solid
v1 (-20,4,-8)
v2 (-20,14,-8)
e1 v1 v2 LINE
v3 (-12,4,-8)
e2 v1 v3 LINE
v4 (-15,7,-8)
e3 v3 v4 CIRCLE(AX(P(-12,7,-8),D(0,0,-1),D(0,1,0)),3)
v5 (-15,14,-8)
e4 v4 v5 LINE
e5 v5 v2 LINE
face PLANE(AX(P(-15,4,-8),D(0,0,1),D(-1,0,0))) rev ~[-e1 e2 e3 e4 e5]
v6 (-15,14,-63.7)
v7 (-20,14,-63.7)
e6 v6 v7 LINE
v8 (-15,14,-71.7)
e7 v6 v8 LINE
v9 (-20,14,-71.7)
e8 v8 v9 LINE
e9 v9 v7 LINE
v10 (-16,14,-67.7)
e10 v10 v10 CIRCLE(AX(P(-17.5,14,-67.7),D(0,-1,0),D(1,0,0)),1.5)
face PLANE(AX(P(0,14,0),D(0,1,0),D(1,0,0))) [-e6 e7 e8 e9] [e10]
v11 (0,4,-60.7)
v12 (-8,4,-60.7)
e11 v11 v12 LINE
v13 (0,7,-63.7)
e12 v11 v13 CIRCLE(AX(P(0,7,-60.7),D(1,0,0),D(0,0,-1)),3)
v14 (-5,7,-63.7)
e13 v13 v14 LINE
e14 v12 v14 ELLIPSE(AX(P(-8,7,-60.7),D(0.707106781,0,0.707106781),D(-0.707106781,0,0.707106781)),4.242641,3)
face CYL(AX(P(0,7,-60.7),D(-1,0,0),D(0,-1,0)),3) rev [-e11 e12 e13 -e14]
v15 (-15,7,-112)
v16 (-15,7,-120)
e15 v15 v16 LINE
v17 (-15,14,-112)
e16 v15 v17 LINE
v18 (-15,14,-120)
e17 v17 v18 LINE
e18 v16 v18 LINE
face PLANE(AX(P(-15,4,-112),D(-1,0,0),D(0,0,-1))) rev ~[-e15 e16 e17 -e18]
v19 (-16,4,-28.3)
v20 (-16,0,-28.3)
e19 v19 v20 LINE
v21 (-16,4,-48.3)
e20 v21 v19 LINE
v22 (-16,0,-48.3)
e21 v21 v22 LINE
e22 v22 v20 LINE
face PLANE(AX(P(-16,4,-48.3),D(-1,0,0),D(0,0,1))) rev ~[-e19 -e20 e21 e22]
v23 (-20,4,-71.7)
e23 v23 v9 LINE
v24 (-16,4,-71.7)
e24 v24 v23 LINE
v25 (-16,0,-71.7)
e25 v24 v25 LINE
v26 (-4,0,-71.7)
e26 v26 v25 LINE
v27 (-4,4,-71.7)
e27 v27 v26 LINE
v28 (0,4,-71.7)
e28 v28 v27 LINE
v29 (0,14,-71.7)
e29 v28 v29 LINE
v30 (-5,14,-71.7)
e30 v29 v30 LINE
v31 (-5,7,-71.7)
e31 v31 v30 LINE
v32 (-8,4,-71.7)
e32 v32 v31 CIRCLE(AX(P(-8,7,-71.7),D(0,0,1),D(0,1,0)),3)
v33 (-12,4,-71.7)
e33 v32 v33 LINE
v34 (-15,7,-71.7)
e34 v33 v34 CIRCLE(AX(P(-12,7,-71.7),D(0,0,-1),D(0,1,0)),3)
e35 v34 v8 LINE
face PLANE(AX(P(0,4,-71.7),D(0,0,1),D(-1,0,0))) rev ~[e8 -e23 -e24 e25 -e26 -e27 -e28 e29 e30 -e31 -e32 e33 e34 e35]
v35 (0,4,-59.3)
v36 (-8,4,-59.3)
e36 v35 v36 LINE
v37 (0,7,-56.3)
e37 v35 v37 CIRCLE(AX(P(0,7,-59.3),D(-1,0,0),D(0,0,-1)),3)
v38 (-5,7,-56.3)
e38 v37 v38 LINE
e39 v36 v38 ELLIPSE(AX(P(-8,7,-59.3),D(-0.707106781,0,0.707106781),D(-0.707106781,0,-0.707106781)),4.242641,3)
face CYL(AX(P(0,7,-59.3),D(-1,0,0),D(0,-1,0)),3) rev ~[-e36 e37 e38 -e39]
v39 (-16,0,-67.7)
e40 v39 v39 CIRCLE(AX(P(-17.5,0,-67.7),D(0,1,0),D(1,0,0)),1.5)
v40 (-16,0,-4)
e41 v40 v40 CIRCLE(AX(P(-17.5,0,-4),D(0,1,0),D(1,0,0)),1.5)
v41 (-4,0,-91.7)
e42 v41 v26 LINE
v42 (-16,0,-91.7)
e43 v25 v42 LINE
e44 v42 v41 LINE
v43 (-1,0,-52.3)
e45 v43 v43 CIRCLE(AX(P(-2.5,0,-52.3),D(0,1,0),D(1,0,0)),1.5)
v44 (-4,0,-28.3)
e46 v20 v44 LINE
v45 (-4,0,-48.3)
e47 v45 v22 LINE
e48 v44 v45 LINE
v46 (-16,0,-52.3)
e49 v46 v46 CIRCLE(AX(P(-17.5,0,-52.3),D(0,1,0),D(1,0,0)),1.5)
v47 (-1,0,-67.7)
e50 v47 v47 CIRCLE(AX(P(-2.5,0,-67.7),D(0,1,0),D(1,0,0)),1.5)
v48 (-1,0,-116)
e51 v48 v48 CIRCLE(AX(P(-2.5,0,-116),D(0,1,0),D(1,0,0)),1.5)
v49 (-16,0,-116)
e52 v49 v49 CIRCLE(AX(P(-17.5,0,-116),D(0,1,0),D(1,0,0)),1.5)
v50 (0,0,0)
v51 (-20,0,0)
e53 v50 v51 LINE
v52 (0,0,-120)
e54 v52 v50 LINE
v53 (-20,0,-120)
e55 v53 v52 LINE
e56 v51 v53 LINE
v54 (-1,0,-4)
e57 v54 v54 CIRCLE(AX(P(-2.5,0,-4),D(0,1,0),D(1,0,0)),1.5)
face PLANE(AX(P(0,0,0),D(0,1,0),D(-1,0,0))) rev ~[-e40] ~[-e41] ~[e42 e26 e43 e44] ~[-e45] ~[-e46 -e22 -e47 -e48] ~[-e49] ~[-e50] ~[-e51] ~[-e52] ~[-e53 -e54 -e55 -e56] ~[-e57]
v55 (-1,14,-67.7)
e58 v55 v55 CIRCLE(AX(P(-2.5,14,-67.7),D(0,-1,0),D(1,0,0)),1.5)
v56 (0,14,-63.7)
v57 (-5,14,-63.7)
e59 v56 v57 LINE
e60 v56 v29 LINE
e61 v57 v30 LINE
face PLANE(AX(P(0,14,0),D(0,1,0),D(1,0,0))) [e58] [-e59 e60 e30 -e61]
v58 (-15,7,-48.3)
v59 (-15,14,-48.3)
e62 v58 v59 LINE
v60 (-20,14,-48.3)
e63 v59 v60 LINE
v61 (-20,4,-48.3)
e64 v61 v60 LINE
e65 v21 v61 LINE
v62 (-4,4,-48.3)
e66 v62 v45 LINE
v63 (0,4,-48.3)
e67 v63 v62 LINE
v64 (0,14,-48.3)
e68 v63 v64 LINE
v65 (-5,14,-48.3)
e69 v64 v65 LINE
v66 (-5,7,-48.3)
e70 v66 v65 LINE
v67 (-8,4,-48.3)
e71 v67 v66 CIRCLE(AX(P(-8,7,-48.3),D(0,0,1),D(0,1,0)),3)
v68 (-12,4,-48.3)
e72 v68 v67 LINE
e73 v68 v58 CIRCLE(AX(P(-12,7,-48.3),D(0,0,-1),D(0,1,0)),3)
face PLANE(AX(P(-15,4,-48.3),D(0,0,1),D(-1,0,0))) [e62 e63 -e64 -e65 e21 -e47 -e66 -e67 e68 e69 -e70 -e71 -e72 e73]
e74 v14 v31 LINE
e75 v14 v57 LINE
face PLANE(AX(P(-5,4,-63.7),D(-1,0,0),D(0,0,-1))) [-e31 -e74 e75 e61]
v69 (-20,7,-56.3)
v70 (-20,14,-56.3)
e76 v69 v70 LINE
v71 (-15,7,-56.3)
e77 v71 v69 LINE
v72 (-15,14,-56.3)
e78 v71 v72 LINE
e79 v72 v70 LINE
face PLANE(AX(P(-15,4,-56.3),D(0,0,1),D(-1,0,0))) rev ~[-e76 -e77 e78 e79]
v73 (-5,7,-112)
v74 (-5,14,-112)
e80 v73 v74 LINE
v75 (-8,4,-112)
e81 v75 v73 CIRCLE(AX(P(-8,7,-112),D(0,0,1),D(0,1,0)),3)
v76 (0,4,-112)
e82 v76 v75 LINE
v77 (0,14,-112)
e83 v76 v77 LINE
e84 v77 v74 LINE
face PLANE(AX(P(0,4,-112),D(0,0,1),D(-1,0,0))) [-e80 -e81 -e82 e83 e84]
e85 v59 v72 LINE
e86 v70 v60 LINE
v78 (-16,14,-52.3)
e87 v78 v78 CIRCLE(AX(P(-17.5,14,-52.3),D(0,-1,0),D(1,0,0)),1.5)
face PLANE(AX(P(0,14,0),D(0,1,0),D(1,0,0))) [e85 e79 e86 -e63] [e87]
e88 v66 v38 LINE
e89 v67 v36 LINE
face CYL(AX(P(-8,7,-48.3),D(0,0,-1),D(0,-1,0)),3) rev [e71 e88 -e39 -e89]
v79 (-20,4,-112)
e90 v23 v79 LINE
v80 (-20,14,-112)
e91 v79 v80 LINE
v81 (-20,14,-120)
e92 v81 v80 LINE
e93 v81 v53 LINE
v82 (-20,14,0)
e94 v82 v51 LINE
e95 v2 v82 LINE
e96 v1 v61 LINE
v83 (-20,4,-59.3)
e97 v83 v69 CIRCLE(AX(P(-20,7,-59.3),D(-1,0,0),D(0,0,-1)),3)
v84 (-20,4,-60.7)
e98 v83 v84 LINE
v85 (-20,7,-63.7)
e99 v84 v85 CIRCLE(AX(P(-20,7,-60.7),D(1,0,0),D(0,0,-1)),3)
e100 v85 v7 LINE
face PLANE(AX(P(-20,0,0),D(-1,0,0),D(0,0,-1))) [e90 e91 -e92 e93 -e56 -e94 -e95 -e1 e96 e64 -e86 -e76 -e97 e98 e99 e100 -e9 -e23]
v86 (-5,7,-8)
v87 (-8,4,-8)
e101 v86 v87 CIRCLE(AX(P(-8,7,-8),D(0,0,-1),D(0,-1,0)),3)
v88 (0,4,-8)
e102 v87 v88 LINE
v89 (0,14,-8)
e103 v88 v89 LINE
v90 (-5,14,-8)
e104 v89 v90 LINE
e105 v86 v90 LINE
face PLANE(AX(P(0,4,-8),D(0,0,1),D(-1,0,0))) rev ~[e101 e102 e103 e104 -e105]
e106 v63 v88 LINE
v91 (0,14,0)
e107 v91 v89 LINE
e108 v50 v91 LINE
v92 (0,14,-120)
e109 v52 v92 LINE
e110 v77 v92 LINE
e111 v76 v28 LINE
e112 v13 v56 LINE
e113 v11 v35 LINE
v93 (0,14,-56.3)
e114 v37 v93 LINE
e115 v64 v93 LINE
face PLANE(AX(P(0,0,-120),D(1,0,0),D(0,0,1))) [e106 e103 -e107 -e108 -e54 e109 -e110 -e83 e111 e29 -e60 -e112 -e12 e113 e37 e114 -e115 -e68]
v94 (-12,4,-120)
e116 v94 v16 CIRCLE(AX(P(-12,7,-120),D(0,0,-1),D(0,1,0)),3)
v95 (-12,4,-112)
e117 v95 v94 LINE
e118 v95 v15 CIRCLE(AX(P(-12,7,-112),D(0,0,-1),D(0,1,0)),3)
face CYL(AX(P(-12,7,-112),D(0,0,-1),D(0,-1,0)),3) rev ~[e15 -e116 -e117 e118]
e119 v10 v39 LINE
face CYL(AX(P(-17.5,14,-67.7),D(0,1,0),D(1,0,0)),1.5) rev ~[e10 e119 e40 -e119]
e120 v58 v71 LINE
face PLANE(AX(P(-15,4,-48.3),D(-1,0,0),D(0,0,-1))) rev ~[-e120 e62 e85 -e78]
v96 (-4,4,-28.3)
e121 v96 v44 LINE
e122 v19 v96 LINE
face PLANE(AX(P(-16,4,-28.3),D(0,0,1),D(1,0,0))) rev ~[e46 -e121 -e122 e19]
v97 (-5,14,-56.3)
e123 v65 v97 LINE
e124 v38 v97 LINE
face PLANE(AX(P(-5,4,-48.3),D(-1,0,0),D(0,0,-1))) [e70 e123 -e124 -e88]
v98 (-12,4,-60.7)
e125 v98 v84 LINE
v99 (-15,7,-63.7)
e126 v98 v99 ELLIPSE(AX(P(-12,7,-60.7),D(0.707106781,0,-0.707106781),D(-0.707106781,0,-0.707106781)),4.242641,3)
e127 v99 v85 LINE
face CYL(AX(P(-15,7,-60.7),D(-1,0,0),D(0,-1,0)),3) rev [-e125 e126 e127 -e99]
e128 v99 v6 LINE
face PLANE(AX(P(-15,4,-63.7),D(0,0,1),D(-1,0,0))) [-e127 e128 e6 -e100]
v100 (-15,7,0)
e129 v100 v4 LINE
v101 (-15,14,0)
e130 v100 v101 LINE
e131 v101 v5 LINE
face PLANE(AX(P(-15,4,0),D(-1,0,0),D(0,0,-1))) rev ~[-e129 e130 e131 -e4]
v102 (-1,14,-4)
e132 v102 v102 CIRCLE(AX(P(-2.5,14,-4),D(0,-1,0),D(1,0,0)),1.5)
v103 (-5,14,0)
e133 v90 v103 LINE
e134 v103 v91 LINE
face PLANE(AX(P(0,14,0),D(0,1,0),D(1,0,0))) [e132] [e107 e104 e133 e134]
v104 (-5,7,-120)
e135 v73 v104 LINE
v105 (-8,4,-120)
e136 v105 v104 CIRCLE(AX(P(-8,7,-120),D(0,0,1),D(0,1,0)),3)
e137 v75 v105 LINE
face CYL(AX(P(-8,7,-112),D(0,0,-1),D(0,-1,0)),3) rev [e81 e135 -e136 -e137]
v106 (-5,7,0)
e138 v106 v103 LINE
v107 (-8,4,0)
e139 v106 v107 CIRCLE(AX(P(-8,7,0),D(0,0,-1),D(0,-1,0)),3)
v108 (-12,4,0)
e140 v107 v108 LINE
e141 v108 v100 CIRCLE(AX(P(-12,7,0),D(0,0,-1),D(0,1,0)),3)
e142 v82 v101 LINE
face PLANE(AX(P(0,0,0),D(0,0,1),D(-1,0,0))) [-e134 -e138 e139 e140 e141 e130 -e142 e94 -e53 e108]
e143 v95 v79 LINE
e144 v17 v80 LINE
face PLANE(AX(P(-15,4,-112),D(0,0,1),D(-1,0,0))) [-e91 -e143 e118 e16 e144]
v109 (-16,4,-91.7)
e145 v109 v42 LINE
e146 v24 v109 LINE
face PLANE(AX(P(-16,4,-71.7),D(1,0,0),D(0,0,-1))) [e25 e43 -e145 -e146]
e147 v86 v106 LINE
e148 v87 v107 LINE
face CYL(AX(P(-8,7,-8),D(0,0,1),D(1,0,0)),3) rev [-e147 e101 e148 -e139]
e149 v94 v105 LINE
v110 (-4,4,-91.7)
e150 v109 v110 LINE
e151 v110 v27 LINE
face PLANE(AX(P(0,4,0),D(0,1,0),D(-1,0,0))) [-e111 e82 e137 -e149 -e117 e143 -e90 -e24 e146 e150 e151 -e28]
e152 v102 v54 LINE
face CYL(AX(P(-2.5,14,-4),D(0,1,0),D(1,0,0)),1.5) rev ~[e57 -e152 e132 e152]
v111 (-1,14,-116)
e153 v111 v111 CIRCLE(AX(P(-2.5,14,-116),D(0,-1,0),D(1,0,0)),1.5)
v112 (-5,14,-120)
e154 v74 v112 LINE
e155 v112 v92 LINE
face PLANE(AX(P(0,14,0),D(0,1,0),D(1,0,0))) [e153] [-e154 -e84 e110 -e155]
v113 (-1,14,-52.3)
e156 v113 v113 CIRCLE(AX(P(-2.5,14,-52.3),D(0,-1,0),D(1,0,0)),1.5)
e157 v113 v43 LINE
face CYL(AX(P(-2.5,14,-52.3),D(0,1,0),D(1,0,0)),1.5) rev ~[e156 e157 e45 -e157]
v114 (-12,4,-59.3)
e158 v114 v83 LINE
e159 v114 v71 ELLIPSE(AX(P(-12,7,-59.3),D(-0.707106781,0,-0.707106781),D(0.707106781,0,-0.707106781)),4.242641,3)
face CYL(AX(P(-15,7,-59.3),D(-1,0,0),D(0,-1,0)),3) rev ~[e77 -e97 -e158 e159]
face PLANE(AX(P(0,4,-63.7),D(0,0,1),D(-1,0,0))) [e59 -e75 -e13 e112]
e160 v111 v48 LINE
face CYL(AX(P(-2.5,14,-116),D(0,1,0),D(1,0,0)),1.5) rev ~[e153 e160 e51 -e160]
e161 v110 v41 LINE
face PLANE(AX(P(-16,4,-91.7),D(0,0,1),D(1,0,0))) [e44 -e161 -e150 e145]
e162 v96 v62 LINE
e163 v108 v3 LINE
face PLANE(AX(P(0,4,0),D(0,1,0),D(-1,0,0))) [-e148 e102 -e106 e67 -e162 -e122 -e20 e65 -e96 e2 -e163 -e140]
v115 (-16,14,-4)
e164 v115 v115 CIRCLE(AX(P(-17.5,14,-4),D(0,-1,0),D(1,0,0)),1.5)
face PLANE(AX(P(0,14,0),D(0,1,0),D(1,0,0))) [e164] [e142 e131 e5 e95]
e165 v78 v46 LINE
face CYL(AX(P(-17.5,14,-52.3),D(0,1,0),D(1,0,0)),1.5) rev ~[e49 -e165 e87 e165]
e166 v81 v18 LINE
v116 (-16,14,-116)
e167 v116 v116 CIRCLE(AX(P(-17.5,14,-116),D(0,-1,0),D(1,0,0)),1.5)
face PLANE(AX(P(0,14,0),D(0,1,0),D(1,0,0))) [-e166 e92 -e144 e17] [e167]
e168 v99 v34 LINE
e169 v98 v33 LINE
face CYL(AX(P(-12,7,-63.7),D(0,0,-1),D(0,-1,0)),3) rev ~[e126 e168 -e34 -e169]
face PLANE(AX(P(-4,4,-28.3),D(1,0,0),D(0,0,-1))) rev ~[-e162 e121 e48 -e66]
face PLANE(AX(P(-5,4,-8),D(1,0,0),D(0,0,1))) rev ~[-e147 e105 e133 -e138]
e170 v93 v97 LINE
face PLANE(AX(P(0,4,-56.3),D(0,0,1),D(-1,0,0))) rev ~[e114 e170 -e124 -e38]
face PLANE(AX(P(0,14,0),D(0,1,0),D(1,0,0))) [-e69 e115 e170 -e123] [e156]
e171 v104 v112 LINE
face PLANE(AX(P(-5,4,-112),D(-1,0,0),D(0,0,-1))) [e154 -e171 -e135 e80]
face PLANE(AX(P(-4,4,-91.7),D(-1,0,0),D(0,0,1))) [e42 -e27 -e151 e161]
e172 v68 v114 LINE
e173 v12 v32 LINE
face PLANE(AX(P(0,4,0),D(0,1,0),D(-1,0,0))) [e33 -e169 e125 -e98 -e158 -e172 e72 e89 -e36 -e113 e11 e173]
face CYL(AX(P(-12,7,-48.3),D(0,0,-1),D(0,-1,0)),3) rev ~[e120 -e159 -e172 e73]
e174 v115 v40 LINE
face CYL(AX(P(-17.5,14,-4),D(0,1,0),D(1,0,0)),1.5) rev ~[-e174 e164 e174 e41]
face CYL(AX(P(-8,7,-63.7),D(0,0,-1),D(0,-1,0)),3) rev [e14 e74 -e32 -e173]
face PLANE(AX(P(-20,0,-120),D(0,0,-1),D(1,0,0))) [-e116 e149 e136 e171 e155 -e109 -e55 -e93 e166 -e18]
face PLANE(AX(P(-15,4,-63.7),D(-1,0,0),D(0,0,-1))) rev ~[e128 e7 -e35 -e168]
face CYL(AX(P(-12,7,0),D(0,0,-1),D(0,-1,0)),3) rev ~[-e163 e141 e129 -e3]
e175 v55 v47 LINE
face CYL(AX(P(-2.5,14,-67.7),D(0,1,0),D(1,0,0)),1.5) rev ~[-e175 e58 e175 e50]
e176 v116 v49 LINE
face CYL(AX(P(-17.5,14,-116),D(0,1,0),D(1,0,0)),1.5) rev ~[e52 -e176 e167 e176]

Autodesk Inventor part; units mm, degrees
ref_plane "YZ Plane" through (0, 0, 0) normal (1, 0, 0) x (0, 1, 0)
ref_plane "XZ Plane" through (0, 0, 0) normal (0, 1, 0) x (-1, 0, 0)
ref_plane "XY Plane" through (0, 0, 0) normal (0, 0, 1) x (1, 0, 0)
sketch "Sketch1" plane through (0, 0, 0) normal (0, 1, 0) x (-1, 0, 0)
  line L0 (0, 0) -> (20, 0)
  line L1 (20, 0) -> (20, -120)
  line L2 (20, -120) -> (0, -120)
  line L3 (0, -120) -> (0, 0)
  dimension "d0" = 20
  dimension "d1" = 120
extrude "Extrusion1" add sketch "Sketch1" along normal blind 4
sketch "Sketch2" plane through (0, 4, 0) normal (0, 1, 0) x (1, 0, 0)
  line L0 (-20, 0) -> (0, 0) projected
  line L1 (0, 0) -> (0, 120) projected
  line L2 (-20, 0) -> (0, 0)
  line L3 (0, 0) -> (0, 8)
  line L4 (0, 8) -> (-20, 8)
  line L5 (-20, 8) -> (-20, 0)
  line L6 (-20, 8) -> (0, 8)
  line L7 (0, 8) -> (0, 48.3)
  line L8 (0, 48.3) -> (-20, 48.3)
  line L9 (-20, 48.3) -> (-20, 8)
  line L10 (-20, 48.3) -> (0, 48.3)
  line L11 (0, 48.3) -> (0, 56.3)
  line L12 (0, 56.3) -> (-20, 56.3)
  line L13 (-20, 56.3) -> (-20, 48.3)
  line L14 (-20, 120) -> (-20, 0) projected
  line L15 (-20, 120) -> (0, 120)
  line L16 (0, 120) -> (0, 112)
  line L17 (0, 112) -> (-20, 112)
  line L18 (-20, 112) -> (-20, 120)
  line L19 (-20, 112) -> (0, 112)
  line L20 (0, 112) -> (0, 71.7)
  line L21 (0, 71.7) -> (-20, 71.7)
  line L22 (-20, 71.7) -> (-20, 112)
  line L23 (-20, 71.7) -> (0, 71.7)
  line L24 (0, 71.7) -> (0, 63.7)
  line L25 (0, 63.7) -> (-20, 63.7)
  line L26 (-20, 63.7) -> (-20, 71.7)
  line L27 (-20, 0) -> (-15, 0)
  line L28 (-15, 0) -> (-15, 8)
  line L29 (-15, 8) -> (-20, 8)
  line L30 (-20, 8) -> (-20, 0)
  line L31 (0, 8) -> (-5, 8)
  line L32 (-5, 8) -> (-5, 0)
  line L33 (-5, 0) -> (0, 0)
  line L34 (0, 0) -> (0, 8)
  line L35 (-20, 48.3) -> (-15, 48.3)
  line L36 (-15, 48.3) -> (-15, 56.3)
  line L37 (-15, 56.3) -> (-20, 56.3)
  line L38 (-20, 56.3) -> (-20, 48.3)
  line L39 (0, 48.3) -> (-5, 48.3)
  line L40 (-5, 48.3) -> (-5, 56.3)
  line L41 (-5, 56.3) -> (0, 56.3)
  line L42 (0, 56.3) -> (0, 48.3)
  line L43 (-20, 63.7) -> (-15, 63.7)
  line L44 (-15, 63.7) -> (-15, 71.7)
  line L45 (-15, 71.7) -> (-20, 71.7)
  line L46 (-20, 71.7) -> (-20, 63.7)
  line L47 (0, 63.7) -> (-5, 63.7)
  line L48 (-5, 63.7) -> (-5, 71.7)
  line L49 (-5, 71.7) -> (0, 71.7)
  line L50 (0, 71.7) -> (0, 63.7)
  line L51 (-20, 112) -> (-15, 112)
  line L52 (-15, 112) -> (-15, 120)
  line L53 (-15, 120) -> (-20, 120)
  line L54 (-20, 120) -> (-20, 112)
  line L55 (0, 112) -> (-5, 112)
  line L56 (-5, 112) -> (-5, 120)
  line L57 (-5, 120) -> (0, 120)
  line L58 (0, 120) -> (0, 112)
  dimension "d4" = 8
  dimension "d5" = 40.3
  dimension "d6" = 8
  dimension "d7" = 20
  dimension "d8" = 8
  dimension "d9" = 40.3
  dimension "d10" = 8
  dimension "d11" = 5
  dimension "d12" = 5
  dimension "d13" = 8
  dimension "d14" = 5
  dimension "d15" = 5
  dimension "d16" = 5
  dimension "d17" = 5
  dimension "d18" = 5
  dimension "d19" = 5
extrude "Extrusion2" add sketch "Sketch2" along normal blind 10 contours L5 L4 L28 L0 | L32 L4 L1 L0 | L13 L12 L36 L8 | L40 L12 L1 L8 | L14 L21 L44 L25 | L14 L15 L52 L17 | L48 L21 L1 L25 | L56 L15 L1 L17
sketch "Sketch3" plane through (0, 14, 0) normal (0, 1, 0) x (1, 0, 0)
  line L0 (-20, 120) -> (-20, 0) projected
  line L1 (-20, 0) -> (-17.5, 0)
  line L2 (-17.5, 0) -> (-17.5, 4)
  line L3 (-17.5, 4) -> (-20, 4)
  line L4 (-20, 4) -> (-20, 0)
  line L5 (0, 0) -> (0, 120) projected
  line L6 (0, 0) -> (-2.5, 0)
  line L7 (-2.5, 0) -> (-2.5, 4)
  line L8 (-2.5, 4) -> (0, 4)
  line L9 (0, 4) -> (0, 0)
  line L10 (-15, 56.3) -> (-20, 56.3) projected
  line L11 (-20, 56.3) -> (-17.5, 56.3)
  line L12 (-17.5, 56.3) -> (-17.5, 52.3)
  line L13 (-17.5, 52.3) -> (-20, 52.3)
  line L14 (-20, 52.3) -> (-20, 56.3)
  line L15 (-5, 56.3) -> (0, 56.3) projected
  line L16 (-5, 56.3) -> (-2.5, 56.3)
  line L17 (-2.5, 56.3) -> (-2.5, 52.3)
  line L18 (-2.5, 52.3) -> (-5, 52.3)
  line L19 (-5, 52.3) -> (-5, 56.3)
  line L20 (-20, 120) -> (-17.5, 120)
  line L21 (-17.5, 120) -> (-17.5, 116)
  line L22 (-17.5, 116) -> (-20, 116)
  line L23 (-20, 116) -> (-20, 120)
  line L24 (-5, 120) -> (-2.5, 120)
  line L25 (-2.5, 120) -> (-2.5, 116)
  line L26 (-2.5, 116) -> (-5, 116)
  line L27 (-5, 116) -> (-5, 120)
  line L28 (-20, 71.7) -> (-15, 71.7) projected
  line L29 (-15, 71.7) -> (-17.5, 71.7)
  line L30 (-17.5, 71.7) -> (-17.5, 67.7)
  line L31 (-17.5, 67.7) -> (-15, 67.7)
  line L32 (-15, 67.7) -> (-15, 71.7)
  line L33 (-5, 71.7) -> (-2.5, 71.7)
  line L34 (-2.5, 71.7) -> (-2.5, 67.7)
  line L35 (-2.5, 67.7) -> (-5, 67.7)
  line L36 (-5, 67.7) -> (-5, 71.7)
  circle A0 centre (-17.5, 67.7) radius 1.5
  circle A1 centre (-2.5, 67.7) radius 1.5
  circle A2 centre (-17.5, 116) radius 1.5
  circle A3 centre (-2.5, 116) radius 1.5
  circle A4 centre (-17.5, 52.3) radius 1.5
  circle A5 centre (-2.5, 52.3) radius 1.5
  circle A6 centre (-17.5, 4) radius 1.5
  circle A7 centre (-2.5, 4) radius 1.5
  dimension "d22" = 2.5
  dimension "d23" = 4
  dimension "d24" = 2.5
  dimension "d25" = 4
  dimension "d26" = 2.5
  dimension "d27" = 4
  dimension "d28" = 2.5
  dimension "d29" = 4
  dimension "d30" = 2.5
  dimension "d31" = 4
  dimension "d32" = 2.5
  dimension "d33" = 4
  dimension "d34" = 2.5
  dimension "d35" = 4
  dimension "d36" = 2.5
  dimension "d37" = 4
  dimension "d38" = 3
  dimension "d39" = 3
  dimension "d40" = 3
  dimension "d41" = 3
  dimension "d42" = 3
  dimension "d43" = 3
  dimension "d44" = 3
  dimension "d45" = 3
extrude "Extrusion3" cut sketch "Sketch3" against normal up to surface (14 mm away) contours A2 L21 L22 | L22 L21 A2 | A0 L31 L30 | L30 L31 A0 | A4 L12 L13 | L13 L12 A4 | A6 L2 L3 | L3 L2 A6 | A7 L7 L8 | L8 L7 A7 | A5 L18 L17 | L17 L18 A5 | A3 L26 L25 | L25 L26 A3 | A1 L35 L34 | L34 L35 A1
fillet "Fillet1" radius 3 12 edges at (-15, 4, -52.3) (-5, 4, -52.3) (-15, 4, -67.7) (-17.5, 4, -63.7) (-17.5, 4, -56.3) (-2.5, 4, -63.7) (-2.5, 4, -56.3) (-5, 4, -67.7) (-15, 4, -4) (-5, 4, -4) (-15, 4, -116) (-5, 4, -116)
sketch "Sketch5" plane through (0, 4, 0) normal (0, 1, 0) x (1, 0, 0)
  line L0 (0, 48.3) -> (-8, 48.3) projected
  line L1 (0, 48.3) -> (-4, 48.3)
  line L2 (-8, 71.7) -> (0, 71.7) projected
  line L3 (0, 71.7) -> (-4, 71.7)
  line L4 (-4, 71.7) -> (-16, 71.7)
  line L5 (-16, 71.7) -> (-16, 91.7)
  line L6 (-16, 91.7) -> (-4, 91.7)
  line L7 (-4, 91.7) -> (-4, 71.7)
  line L8 (-4, 48.3) -> (-16, 48.3)
  line L9 (-16, 48.3) -> (-16, 28.3)
  line L10 (-16, 28.3) -> (-4, 28.3)
  line L11 (-4, 28.3) -> (-4, 48.3)
  point P0 (0, 0)
  dimension "d63" = 4
  dimension "d64" = 4
  dimension "d65" = 12
  dimension "d66" = 20
  dimension "d67" = 12
  dimension "d68" = 20
extrude "Extrusion5" cut sketch "Sketch5" against normal blind 8
sketch "Sketch6" plane through (0, 0, 0) normal (0, -1, 0) x (1, 0, 0)
  circle A0 centre (-2.5, -4) radius 1.5 projected
  circle A1 centre (-2.5, -4) radius 4
  circle A2 centre (-17.5, -4) radius 1.5 projected
  circle A3 centre (-17.5, -4) radius 4
  circle A4 centre (-17.5, -52.3) radius 1.5 projected
  circle A5 centre (-17.5, -52.3) radius 4
  circle A6 centre (-2.5, -52.3) radius 1.5 projected
  circle A7 centre (-2.5, -52.3) radius 4
  circle A8 centre (-17.5, -67.7) radius 1.5 projected
  circle A9 centre (-17.5, -67.7) radius 4
  circle A10 centre (-2.5, -67.7) radius 1.5 projected
  circle A11 centre (-2.5, -67.7) radius 4
  circle A12 centre (-17.5, -116) radius 1.5 projected
  circle A13 centre (-17.5, -116) radius 4
  circle A14 centre (-2.5, -116) radius 1.5 projected
  circle A15 centre (-2.5, -116) radius 4
  line L0 (0, -120) -> (-20, -120) projected
  line L1 (-20, -120) -> (-17.5, -120)
  line L2 (-17.5, -120) -> (-17.5, -116)
  line L3 (-17.5, -116) -> (-20, -116)
  line L4 (-20, -116) -> (-20, -120)
  line L5 (0, -120) -> (-2.5, -120)
  line L6 (-2.5, -120) -> (-2.5, -116)
  line L7 (-2.5, -116) -> (0, -116)
  line L8 (0, -116) -> (0, -120)
  line L9 (-20, -120) -> (-20, 0) projected
  line L10 (-20, 0) -> (-17.5, 0)
  line L11 (-17.5, 0) -> (-17.5, -4)
  line L12 (-17.5, -4) -> (-20, -4)
  line L13 (-20, -4) -> (-20, 0)
  line L14 (0, 0) -> (-2.5, 0)
  line L15 (-2.5, 0) -> (-2.5, -4)
  line L16 (-2.5, -4) -> (0, -4)
  line L17 (0, -4) -> (0, 0)
  dimension "d71" = 8
  dimension "d72" = 8
  dimension "d73" = 8
  dimension "d74" = 8
  dimension "d75" = 8
  dimension "d76" = 8
  dimension "d77" = 8
properties part number "support_2_servos"
